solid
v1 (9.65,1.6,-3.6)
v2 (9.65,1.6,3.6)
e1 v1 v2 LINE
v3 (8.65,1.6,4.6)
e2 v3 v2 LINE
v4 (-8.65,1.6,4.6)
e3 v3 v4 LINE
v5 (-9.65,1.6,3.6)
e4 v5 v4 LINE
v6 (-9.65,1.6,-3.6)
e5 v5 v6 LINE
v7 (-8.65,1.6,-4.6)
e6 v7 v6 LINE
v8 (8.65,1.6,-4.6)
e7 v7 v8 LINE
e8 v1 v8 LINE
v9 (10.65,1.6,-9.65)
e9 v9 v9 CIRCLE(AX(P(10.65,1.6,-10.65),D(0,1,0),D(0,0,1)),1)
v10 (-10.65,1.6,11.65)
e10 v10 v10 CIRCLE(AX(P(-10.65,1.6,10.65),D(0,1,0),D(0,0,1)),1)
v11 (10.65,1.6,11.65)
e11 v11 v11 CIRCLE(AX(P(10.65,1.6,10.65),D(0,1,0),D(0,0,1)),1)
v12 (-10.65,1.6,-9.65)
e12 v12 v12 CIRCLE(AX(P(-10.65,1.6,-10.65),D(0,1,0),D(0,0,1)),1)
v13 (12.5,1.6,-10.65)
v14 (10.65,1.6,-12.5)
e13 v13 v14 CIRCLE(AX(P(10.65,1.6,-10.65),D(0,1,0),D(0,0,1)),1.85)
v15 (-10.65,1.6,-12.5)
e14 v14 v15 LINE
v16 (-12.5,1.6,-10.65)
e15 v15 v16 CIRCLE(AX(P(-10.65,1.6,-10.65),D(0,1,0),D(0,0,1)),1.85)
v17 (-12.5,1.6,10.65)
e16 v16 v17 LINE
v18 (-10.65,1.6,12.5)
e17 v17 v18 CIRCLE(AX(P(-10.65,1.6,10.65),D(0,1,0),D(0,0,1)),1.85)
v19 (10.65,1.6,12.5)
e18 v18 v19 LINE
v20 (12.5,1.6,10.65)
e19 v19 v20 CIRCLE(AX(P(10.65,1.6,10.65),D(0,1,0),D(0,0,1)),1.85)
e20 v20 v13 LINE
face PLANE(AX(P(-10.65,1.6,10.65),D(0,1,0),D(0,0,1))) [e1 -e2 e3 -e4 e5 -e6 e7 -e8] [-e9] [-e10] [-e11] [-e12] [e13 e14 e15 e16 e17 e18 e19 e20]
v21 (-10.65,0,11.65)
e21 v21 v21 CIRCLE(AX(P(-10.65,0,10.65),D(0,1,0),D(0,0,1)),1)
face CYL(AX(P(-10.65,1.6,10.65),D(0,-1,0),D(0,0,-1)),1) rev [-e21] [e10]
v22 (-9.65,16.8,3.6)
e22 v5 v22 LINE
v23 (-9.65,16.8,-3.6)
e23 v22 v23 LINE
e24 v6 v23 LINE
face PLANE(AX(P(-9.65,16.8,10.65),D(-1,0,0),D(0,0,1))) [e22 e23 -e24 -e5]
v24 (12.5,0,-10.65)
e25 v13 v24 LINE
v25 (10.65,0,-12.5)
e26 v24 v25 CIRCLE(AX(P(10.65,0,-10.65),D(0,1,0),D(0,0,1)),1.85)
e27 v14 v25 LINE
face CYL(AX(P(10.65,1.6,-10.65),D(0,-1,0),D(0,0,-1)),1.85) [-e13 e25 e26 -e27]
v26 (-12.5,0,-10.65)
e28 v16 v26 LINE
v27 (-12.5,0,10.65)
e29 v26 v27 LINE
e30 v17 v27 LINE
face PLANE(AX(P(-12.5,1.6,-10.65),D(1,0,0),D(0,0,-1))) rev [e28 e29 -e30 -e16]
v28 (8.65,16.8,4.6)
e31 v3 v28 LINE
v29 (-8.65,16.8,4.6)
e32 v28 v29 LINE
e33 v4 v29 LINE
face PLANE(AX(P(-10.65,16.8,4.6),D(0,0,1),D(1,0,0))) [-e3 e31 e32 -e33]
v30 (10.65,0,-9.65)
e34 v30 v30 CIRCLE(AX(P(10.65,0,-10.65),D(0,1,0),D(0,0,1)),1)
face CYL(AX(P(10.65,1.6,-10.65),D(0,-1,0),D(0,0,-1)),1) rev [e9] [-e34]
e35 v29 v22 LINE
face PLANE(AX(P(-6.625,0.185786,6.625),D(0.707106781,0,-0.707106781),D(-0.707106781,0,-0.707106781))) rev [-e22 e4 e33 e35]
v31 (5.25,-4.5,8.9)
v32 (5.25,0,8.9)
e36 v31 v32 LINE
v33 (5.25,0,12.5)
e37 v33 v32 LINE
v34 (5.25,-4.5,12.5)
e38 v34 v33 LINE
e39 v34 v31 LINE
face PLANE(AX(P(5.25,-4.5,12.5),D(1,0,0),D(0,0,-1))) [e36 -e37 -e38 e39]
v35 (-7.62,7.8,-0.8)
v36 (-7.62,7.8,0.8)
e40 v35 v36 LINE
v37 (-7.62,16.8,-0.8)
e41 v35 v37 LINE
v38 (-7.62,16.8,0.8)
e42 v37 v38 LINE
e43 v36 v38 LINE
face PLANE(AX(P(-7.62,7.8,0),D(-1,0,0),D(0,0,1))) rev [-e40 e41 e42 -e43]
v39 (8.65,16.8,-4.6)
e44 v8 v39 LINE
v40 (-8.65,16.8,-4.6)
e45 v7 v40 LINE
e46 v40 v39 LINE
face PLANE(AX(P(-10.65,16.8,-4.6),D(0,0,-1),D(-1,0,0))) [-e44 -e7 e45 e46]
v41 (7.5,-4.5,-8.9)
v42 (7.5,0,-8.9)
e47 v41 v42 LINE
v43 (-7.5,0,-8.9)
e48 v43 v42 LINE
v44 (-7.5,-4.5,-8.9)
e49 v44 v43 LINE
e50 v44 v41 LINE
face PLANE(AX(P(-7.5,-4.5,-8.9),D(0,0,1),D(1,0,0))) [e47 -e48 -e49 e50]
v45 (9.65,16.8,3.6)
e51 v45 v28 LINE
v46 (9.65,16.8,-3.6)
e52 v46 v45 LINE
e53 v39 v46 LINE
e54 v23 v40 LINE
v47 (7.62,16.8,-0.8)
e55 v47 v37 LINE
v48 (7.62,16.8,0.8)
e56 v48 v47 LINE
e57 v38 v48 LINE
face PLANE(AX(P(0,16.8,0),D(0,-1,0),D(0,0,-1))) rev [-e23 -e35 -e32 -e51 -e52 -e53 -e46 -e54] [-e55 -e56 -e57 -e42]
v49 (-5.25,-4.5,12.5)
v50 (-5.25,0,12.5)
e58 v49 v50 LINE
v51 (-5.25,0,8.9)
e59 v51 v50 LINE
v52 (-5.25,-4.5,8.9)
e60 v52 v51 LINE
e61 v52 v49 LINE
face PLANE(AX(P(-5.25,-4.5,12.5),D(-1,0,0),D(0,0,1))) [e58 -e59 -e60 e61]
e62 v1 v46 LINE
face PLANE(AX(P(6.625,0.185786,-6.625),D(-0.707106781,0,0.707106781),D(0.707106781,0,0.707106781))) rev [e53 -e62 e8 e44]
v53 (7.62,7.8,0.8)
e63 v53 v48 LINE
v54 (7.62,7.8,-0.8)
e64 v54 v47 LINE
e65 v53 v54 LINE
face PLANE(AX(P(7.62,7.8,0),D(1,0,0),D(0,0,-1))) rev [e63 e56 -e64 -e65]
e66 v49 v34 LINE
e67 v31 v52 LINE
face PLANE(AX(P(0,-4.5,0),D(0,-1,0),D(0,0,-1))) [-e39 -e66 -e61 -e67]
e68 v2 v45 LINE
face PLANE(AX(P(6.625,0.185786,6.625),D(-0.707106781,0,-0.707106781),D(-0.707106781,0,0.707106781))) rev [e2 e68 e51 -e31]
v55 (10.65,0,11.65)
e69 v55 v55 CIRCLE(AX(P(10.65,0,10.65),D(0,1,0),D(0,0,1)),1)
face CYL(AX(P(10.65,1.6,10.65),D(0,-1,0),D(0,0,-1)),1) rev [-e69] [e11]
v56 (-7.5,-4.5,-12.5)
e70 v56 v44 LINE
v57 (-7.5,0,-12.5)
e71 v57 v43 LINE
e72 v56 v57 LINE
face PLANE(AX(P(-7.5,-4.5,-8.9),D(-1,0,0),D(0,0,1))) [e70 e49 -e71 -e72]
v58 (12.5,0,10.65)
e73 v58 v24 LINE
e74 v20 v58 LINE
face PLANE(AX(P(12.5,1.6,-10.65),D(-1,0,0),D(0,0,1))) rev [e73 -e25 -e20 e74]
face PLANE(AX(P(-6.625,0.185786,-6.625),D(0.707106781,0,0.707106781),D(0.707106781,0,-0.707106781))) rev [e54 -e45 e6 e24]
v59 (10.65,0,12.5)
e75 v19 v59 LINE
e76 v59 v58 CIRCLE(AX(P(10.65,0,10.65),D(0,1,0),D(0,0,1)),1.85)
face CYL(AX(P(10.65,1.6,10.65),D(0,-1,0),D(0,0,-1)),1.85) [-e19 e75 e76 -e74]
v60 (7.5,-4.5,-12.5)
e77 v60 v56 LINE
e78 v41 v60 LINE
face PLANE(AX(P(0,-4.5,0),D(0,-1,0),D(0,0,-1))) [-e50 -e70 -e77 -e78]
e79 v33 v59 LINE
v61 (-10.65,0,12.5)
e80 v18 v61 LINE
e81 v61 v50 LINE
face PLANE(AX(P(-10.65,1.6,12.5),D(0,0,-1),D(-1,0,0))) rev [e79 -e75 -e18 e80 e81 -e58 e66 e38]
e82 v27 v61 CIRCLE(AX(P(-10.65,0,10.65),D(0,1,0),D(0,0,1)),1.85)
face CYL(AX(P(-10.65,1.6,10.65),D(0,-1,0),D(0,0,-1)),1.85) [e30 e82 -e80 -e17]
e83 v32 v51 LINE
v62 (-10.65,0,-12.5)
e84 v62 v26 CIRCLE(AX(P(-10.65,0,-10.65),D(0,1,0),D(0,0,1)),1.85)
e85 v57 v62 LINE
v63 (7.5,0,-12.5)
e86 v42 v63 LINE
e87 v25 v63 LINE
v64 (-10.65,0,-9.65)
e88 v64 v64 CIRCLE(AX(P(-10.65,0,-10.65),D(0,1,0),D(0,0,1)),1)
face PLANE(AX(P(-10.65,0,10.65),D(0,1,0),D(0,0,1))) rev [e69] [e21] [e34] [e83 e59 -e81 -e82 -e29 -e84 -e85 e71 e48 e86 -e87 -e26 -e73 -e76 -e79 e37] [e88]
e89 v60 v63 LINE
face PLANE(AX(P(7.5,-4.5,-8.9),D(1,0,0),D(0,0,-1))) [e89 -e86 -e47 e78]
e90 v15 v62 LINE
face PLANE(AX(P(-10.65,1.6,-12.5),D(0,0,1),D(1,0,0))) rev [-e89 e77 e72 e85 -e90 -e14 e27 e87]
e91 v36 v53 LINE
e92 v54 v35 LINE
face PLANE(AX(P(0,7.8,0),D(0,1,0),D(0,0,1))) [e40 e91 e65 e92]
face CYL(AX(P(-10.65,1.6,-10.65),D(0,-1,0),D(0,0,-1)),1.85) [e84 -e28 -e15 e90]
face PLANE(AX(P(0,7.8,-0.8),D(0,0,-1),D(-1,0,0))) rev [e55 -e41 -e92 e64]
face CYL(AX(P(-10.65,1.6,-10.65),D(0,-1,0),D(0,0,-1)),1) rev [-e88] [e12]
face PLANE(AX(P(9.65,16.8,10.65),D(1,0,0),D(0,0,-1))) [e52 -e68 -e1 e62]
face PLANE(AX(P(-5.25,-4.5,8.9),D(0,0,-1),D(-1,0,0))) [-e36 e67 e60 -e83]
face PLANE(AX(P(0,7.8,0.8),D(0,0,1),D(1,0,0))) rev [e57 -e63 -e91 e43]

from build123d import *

# Parameters (mm, degrees)
SKETCH_2_R          = 1
EXTRUDE_3_DEPTH     = 1.6
EXTRUDE_START       = 1.6
SKETCH_3_W          = 19.3
SKETCH_3_H          = 9.2
EXTRUDE_4_DEPTH     = 15.2
CUT_EXTRUDE_START   = 16.8
SKETCH_4_W          = 15.24
SKETCH_4_H          = 1.6
CUT_EXTRUDE_1_DEPTH = 9
CUT_EXTRUDE_2_DEPTH = 15.2
SKETCH_6_W          = 10.5
SKETCH_6_H          = 3.6
SKETCH_6_W_2        = 15
EXTRUDE_5_DEPTH     = 4.5


with BuildPart() as part:
    # 草图2 → 凸台-拉伸3 (new body)
    with BuildSketch(Plane(origin=(0, 0, 0), x_dir=(1, 0, 0), z_dir=(0, 1, 0))):
        with BuildLine():
            Line((-10.65, 12.5), (10.65, 12.5))
            ThreePointArc((10.65, 12.5), (11.958147545, 11.958147545), (12.5, 10.65))
            Line((12.5, 10.65), (12.5, -10.65))
            ThreePointArc((12.5, -10.65), (11.958147545, -11.958147545), (10.65, -12.5))
            Line((10.65, -12.5), (-10.65, -12.5))
            ThreePointArc((-10.65, -12.5), (-11.958147545, -11.958147545), (-12.5, -10.65))
            Line((-12.5, -10.65), (-12.5, 10.65))
            ThreePointArc((-12.5, 10.65), (-11.958147545, 11.958147545), (-10.65, 12.5))
        make_face()
        with Locations(Location((-10.65, 10.65, 0), (0, 0, 270))):
            Circle(SKETCH_2_R, mode=Mode.SUBTRACT)
        with Locations(Location((10.65, 10.65, 0), (0, 0, 270))):
            Circle(SKETCH_2_R, mode=Mode.SUBTRACT)
        with Locations(Location((-10.65, -10.65, 0), (0, 0, 270))):
            Circle(SKETCH_2_R, mode=Mode.SUBTRACT)
        with Locations(Location((10.65, -10.65, 0), (0, 0, 270))):
            Circle(SKETCH_2_R, mode=Mode.SUBTRACT)
    extrude(amount=EXTRUDE_3_DEPTH)

    # 草图3 → 凸台-拉伸4 (add)
    with BuildSketch(Plane(origin=(0, 0, 0), x_dir=(1, 0, 0), z_dir=(0, 1, 0)).offset(EXTRUDE_START)):
        Rectangle(SKETCH_3_W, SKETCH_3_H)
    extrude(amount=EXTRUDE_4_DEPTH)

    # 草图4 → 切除-拉伸1 (cut)
    with BuildSketch(Plane(origin=(0, 0, 0), x_dir=(1, 0, 0), z_dir=(0, 1, 0)).offset(CUT_EXTRUDE_START)):
        Rectangle(SKETCH_4_W, SKETCH_4_H)
    extrude(amount=-CUT_EXTRUDE_1_DEPTH, mode=Mode.SUBTRACT)

    # 草图5 → 切除-拉伸2 (cut)
    with BuildSketch(Plane(origin=(0, 0, 0), x_dir=(1, 0, 0), z_dir=(0, 1, 0)).offset(CUT_EXTRUDE_START)):
        Polygon((9.65, 4.6), (9.65, 3.6), (8.65, 4.6), align=None)
        Polygon((9.65, -4.6), (9.65, -3.6), (8.65, -4.6), align=None)
        Polygon((-9.65, -4.6), (-8.65, -4.6), (-9.65, -3.6), align=None)
        Polygon((-9.65, 4.6), (-8.65, 4.6), (-9.65, 3.6), align=None)
    extrude(amount=-CUT_EXTRUDE_2_DEPTH, mode=Mode.SUBTRACT)

    # 草图6 → 凸台-拉伸5 (add)
    with BuildSketch(Plane(origin=(0, 0, 0), x_dir=(1, 0, 0), z_dir=(0, 1, 0))):
        with Locations((0, -10.7)):
            Rectangle(SKETCH_6_W, SKETCH_6_H)
        with Locations((0, 10.7)):
            Rectangle(SKETCH_6_W_2, SKETCH_6_H)
    extrude(amount=-EXTRUDE_5_DEPTH)


solid = part.part
